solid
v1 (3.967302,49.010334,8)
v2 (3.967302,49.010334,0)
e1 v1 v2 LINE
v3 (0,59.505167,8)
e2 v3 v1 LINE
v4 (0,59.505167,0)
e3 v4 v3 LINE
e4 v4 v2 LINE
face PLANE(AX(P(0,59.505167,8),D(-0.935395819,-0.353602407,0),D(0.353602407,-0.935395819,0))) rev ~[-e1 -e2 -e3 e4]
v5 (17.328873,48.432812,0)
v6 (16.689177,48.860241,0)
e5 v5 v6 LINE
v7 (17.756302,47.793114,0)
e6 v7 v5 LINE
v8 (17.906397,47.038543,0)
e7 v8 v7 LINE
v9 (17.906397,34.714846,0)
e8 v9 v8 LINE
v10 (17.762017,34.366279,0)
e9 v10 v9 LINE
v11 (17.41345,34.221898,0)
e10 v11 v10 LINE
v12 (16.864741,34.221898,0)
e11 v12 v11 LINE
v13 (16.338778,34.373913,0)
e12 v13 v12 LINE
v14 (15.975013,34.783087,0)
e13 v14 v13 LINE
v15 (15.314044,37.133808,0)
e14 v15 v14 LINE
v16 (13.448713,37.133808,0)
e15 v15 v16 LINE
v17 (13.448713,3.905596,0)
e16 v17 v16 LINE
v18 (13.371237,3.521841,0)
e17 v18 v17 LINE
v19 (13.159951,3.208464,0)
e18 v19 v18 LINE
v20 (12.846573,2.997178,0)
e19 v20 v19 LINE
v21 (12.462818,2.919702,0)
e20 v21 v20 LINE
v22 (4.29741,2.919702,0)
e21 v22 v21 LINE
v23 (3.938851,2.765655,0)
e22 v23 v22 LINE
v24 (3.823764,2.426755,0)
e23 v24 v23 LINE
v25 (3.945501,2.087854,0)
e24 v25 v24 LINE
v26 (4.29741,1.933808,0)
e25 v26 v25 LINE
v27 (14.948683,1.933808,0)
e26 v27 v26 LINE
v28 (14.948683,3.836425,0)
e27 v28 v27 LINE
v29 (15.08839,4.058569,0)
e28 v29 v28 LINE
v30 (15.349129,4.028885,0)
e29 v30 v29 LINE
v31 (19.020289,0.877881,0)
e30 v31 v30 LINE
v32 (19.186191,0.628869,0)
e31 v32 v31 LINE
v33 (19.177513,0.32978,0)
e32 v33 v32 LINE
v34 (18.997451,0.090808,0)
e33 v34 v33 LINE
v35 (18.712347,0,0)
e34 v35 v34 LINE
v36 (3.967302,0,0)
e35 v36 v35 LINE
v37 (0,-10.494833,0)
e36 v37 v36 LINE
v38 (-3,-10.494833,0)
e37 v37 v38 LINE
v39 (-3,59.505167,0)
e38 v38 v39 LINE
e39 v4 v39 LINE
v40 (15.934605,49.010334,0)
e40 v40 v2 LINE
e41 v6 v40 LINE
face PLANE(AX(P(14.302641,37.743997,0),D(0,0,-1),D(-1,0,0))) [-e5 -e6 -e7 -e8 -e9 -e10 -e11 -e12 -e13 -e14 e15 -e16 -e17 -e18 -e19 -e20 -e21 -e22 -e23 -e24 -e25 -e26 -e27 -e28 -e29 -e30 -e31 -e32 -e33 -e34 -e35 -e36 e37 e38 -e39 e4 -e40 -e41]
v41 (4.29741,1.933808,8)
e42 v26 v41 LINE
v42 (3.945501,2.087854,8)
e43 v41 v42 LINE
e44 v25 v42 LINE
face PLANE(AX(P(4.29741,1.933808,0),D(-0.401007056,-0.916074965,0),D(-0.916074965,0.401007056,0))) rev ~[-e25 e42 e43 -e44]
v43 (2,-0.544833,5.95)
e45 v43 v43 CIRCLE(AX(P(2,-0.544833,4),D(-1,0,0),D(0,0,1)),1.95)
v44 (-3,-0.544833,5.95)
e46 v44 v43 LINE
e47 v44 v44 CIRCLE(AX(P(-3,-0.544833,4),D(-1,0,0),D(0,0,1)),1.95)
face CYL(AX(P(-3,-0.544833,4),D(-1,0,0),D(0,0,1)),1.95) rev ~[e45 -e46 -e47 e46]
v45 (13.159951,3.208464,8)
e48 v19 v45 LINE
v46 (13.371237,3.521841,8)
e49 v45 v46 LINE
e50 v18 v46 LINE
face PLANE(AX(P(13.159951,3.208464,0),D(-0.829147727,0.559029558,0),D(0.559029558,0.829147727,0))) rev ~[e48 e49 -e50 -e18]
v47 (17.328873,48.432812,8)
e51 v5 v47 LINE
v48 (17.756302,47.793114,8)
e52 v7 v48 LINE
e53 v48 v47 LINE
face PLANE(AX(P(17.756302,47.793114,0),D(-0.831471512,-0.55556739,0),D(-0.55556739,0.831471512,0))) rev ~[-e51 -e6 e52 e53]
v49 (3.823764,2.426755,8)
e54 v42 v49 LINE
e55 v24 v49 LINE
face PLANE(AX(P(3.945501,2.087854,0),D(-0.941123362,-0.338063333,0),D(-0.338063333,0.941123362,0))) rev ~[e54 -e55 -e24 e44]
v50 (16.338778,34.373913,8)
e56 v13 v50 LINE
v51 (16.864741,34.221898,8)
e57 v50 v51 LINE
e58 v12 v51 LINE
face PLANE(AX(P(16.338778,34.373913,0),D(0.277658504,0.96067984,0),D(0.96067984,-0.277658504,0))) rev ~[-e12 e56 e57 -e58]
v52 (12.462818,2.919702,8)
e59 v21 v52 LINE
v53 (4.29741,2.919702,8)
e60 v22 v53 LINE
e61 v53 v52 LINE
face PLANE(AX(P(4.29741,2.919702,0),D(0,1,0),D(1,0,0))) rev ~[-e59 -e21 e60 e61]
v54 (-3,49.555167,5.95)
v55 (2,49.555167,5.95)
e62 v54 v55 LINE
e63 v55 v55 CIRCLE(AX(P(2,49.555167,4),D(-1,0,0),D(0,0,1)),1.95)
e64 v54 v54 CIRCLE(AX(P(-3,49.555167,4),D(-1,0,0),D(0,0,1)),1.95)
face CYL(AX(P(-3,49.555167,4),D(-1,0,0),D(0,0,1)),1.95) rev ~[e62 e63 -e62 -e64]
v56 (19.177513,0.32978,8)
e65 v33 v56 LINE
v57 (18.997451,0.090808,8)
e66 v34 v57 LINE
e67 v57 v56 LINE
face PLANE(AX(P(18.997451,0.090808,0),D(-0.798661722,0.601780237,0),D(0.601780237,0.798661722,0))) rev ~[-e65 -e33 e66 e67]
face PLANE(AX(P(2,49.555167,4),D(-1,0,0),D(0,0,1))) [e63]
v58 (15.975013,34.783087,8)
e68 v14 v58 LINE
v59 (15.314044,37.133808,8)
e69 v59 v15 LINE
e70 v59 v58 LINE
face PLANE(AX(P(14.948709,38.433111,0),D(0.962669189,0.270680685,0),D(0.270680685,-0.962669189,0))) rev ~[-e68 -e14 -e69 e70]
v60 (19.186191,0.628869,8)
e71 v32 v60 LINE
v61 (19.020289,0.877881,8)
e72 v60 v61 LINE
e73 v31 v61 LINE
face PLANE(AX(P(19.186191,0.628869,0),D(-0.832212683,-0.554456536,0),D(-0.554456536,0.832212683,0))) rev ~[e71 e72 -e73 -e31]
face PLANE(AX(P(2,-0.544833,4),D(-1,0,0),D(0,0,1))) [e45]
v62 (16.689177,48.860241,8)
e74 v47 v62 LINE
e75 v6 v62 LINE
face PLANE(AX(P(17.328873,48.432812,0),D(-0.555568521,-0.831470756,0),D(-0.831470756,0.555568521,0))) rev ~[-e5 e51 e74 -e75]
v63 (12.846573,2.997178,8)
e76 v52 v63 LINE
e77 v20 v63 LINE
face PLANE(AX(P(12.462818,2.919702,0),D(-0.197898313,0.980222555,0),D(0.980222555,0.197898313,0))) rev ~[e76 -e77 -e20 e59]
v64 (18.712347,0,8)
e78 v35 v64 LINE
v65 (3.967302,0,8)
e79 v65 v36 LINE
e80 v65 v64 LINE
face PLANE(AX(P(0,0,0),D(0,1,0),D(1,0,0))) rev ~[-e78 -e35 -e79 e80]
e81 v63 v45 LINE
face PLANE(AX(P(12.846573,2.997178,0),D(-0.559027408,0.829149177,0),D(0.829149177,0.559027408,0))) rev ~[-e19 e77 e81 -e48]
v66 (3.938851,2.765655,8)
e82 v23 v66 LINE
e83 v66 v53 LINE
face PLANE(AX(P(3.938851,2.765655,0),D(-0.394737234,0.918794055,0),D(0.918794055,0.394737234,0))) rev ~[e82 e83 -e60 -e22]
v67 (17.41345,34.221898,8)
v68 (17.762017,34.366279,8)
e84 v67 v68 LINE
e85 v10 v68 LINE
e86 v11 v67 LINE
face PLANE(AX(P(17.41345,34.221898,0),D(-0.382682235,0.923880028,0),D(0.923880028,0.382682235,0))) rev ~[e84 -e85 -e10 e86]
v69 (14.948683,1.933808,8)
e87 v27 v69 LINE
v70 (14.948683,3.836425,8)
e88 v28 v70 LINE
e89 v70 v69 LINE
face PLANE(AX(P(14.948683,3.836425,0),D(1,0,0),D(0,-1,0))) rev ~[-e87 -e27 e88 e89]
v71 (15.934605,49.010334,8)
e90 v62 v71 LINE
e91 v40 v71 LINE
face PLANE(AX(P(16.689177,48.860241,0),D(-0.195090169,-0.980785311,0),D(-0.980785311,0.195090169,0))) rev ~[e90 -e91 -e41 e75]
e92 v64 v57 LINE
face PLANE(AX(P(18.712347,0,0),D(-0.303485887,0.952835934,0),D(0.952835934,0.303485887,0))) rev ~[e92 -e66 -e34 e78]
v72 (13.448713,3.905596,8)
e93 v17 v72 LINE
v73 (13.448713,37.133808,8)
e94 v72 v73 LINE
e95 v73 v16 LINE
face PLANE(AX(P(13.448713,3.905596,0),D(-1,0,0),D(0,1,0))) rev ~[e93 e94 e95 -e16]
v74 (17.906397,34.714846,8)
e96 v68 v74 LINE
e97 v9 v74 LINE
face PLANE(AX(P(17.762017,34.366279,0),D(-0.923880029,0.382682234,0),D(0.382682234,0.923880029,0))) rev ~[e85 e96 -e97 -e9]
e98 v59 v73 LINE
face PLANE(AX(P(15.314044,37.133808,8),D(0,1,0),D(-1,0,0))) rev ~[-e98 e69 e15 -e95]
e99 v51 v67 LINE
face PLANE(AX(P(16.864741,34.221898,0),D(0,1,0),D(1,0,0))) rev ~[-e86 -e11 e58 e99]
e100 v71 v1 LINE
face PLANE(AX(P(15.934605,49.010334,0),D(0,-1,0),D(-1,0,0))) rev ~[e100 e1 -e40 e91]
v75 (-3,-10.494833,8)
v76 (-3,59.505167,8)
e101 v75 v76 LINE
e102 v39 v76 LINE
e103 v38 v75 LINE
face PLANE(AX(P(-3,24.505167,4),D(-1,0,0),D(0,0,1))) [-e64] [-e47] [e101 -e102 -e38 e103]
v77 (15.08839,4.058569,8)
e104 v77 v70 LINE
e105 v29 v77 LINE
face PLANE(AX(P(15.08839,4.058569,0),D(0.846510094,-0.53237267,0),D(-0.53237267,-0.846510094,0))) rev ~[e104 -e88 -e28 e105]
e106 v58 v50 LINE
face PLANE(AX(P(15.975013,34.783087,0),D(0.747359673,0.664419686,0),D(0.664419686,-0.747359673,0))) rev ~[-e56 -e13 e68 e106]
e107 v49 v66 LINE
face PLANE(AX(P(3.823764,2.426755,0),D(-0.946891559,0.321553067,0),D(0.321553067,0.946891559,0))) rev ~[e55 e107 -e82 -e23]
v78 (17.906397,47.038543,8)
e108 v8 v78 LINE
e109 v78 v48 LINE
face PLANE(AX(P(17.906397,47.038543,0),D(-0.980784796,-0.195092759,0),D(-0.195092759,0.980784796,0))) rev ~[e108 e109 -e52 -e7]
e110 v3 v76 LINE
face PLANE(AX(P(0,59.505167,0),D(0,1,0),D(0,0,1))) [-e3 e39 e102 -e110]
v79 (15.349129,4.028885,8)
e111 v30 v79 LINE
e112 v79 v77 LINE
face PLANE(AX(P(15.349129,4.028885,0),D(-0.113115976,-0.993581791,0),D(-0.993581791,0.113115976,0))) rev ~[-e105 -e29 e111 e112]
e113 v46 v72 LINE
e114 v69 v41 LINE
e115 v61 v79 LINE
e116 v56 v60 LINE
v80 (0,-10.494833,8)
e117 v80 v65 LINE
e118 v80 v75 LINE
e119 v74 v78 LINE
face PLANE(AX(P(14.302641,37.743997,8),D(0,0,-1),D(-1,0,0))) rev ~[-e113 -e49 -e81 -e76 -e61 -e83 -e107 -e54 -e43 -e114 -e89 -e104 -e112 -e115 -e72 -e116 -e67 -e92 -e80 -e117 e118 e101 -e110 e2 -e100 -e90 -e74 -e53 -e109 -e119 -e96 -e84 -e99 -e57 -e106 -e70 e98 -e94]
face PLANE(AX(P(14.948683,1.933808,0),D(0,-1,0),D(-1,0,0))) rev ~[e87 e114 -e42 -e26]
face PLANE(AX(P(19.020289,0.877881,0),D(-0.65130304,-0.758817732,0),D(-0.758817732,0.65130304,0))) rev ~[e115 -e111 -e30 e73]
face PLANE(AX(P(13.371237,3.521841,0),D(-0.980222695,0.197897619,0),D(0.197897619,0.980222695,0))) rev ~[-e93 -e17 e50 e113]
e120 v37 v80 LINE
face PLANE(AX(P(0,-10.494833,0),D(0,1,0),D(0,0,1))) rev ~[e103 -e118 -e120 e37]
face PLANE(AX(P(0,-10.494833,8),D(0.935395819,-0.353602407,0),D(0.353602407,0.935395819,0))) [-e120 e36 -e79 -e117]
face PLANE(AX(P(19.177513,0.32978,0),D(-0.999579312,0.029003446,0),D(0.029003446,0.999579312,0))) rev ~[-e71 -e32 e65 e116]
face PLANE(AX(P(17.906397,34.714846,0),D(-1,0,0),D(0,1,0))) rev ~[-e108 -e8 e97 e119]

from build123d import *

# Parameters (mm, degrees)
BOSS_EXTRUDE1_DEPTH = 8
SKETCH2_W           = 8
SKETCH2_H           = 70
BOSS_EXTRUDE2_DEPTH = 3
BOSS_EXTRUDE3_DEPTH = 8
SKETCH3_R           = 1.95
CUT_EXTRUDE1_DEPTH  = 5
BOSS_EXTRUDE4_DEPTH = 8


with BuildPart() as part:
    # Model → Boss-Extrude1 (new body)
    with BuildSketch(Plane.XY):
        Polygon((17.413449519, 34.221897901), (17.762016684, 34.366278619), (17.906397402, 34.714845785), (17.906397402, 47.038542874), (17.756302008, 47.793113579), (17.328872656, 48.432811545), (16.689176573, 48.860240897), (15.934604921, 49.010334408), (0, 49.010334408), (0, 0), (18.712346706, 0), (18.997450676, 0.090807901), (19.177512865, 0.329780152), (19.186191134, 0.62886938), (19.020288696, 0.877880987), (15.349128974, 4.028884693), (15.088389968, 4.05856896), (14.948683096, 3.83642518), (14.948683096, 1.933808007), (4.297410215, 1.933808007), (3.945501494, 2.087854221), (3.823764179, 2.426754717), (3.938850818, 2.765655441), (4.297410215, 2.919701654), (12.46281762, 2.919701654), (12.846572657, 2.997178421), (13.159951014, 3.208463791), (13.371237094, 3.521841448), (13.448713387, 3.905595539), (13.448713387, 38.433111261), (14.948709154, 38.433111261), (15.975012914, 34.783087212), (16.33877785, 34.373913238), (16.864740741, 34.221897901), align=None)
    extrude(amount=BOSS_EXTRUDE1_DEPTH)

    # Sketch2 → Boss-Extrude2 (add)
    with BuildSketch(Plane.ZY):
        with Locations((4, 24.505167204)):
            Rectangle(SKETCH2_W, SKETCH2_H)
    extrude(amount=BOSS_EXTRUDE2_DEPTH)

    # Sketch4 → Boss-Extrude3 (add)
    with BuildSketch(Plane.XY.offset(8)):
        Polygon((0, 59.505167204), (3.967302461, 49.010334408), (0, 49.010334408), align=None)
        Polygon((0, 0), (0, -10.494832796), (3.967302461, 0), align=None)
    extrude(amount=-BOSS_EXTRUDE3_DEPTH)

    # Sketch3 → Cut-Extrude1 (cut)
    with BuildSketch(Plane.ZY.offset(3)):
        with Locations((4, 49.555167204)):
            Circle(SKETCH3_R)
        with Locations((4, -0.544832796)):
            Circle(SKETCH3_R)
    extrude(amount=-CUT_EXTRUDE1_DEPTH, mode=Mode.SUBTRACT)

    # Sketch5 → Boss-Extrude4 (add)
    with BuildSketch(Plane.XY.offset(8)):
        Polygon((14.948709154, 38.433111261), (15.314043683, 37.133808007), (13.448713387, 37.133808007), (13.448713387, 38.433111261), align=None)
    extrude(amount=-BOSS_EXTRUDE4_DEPTH)


solid = part.part
